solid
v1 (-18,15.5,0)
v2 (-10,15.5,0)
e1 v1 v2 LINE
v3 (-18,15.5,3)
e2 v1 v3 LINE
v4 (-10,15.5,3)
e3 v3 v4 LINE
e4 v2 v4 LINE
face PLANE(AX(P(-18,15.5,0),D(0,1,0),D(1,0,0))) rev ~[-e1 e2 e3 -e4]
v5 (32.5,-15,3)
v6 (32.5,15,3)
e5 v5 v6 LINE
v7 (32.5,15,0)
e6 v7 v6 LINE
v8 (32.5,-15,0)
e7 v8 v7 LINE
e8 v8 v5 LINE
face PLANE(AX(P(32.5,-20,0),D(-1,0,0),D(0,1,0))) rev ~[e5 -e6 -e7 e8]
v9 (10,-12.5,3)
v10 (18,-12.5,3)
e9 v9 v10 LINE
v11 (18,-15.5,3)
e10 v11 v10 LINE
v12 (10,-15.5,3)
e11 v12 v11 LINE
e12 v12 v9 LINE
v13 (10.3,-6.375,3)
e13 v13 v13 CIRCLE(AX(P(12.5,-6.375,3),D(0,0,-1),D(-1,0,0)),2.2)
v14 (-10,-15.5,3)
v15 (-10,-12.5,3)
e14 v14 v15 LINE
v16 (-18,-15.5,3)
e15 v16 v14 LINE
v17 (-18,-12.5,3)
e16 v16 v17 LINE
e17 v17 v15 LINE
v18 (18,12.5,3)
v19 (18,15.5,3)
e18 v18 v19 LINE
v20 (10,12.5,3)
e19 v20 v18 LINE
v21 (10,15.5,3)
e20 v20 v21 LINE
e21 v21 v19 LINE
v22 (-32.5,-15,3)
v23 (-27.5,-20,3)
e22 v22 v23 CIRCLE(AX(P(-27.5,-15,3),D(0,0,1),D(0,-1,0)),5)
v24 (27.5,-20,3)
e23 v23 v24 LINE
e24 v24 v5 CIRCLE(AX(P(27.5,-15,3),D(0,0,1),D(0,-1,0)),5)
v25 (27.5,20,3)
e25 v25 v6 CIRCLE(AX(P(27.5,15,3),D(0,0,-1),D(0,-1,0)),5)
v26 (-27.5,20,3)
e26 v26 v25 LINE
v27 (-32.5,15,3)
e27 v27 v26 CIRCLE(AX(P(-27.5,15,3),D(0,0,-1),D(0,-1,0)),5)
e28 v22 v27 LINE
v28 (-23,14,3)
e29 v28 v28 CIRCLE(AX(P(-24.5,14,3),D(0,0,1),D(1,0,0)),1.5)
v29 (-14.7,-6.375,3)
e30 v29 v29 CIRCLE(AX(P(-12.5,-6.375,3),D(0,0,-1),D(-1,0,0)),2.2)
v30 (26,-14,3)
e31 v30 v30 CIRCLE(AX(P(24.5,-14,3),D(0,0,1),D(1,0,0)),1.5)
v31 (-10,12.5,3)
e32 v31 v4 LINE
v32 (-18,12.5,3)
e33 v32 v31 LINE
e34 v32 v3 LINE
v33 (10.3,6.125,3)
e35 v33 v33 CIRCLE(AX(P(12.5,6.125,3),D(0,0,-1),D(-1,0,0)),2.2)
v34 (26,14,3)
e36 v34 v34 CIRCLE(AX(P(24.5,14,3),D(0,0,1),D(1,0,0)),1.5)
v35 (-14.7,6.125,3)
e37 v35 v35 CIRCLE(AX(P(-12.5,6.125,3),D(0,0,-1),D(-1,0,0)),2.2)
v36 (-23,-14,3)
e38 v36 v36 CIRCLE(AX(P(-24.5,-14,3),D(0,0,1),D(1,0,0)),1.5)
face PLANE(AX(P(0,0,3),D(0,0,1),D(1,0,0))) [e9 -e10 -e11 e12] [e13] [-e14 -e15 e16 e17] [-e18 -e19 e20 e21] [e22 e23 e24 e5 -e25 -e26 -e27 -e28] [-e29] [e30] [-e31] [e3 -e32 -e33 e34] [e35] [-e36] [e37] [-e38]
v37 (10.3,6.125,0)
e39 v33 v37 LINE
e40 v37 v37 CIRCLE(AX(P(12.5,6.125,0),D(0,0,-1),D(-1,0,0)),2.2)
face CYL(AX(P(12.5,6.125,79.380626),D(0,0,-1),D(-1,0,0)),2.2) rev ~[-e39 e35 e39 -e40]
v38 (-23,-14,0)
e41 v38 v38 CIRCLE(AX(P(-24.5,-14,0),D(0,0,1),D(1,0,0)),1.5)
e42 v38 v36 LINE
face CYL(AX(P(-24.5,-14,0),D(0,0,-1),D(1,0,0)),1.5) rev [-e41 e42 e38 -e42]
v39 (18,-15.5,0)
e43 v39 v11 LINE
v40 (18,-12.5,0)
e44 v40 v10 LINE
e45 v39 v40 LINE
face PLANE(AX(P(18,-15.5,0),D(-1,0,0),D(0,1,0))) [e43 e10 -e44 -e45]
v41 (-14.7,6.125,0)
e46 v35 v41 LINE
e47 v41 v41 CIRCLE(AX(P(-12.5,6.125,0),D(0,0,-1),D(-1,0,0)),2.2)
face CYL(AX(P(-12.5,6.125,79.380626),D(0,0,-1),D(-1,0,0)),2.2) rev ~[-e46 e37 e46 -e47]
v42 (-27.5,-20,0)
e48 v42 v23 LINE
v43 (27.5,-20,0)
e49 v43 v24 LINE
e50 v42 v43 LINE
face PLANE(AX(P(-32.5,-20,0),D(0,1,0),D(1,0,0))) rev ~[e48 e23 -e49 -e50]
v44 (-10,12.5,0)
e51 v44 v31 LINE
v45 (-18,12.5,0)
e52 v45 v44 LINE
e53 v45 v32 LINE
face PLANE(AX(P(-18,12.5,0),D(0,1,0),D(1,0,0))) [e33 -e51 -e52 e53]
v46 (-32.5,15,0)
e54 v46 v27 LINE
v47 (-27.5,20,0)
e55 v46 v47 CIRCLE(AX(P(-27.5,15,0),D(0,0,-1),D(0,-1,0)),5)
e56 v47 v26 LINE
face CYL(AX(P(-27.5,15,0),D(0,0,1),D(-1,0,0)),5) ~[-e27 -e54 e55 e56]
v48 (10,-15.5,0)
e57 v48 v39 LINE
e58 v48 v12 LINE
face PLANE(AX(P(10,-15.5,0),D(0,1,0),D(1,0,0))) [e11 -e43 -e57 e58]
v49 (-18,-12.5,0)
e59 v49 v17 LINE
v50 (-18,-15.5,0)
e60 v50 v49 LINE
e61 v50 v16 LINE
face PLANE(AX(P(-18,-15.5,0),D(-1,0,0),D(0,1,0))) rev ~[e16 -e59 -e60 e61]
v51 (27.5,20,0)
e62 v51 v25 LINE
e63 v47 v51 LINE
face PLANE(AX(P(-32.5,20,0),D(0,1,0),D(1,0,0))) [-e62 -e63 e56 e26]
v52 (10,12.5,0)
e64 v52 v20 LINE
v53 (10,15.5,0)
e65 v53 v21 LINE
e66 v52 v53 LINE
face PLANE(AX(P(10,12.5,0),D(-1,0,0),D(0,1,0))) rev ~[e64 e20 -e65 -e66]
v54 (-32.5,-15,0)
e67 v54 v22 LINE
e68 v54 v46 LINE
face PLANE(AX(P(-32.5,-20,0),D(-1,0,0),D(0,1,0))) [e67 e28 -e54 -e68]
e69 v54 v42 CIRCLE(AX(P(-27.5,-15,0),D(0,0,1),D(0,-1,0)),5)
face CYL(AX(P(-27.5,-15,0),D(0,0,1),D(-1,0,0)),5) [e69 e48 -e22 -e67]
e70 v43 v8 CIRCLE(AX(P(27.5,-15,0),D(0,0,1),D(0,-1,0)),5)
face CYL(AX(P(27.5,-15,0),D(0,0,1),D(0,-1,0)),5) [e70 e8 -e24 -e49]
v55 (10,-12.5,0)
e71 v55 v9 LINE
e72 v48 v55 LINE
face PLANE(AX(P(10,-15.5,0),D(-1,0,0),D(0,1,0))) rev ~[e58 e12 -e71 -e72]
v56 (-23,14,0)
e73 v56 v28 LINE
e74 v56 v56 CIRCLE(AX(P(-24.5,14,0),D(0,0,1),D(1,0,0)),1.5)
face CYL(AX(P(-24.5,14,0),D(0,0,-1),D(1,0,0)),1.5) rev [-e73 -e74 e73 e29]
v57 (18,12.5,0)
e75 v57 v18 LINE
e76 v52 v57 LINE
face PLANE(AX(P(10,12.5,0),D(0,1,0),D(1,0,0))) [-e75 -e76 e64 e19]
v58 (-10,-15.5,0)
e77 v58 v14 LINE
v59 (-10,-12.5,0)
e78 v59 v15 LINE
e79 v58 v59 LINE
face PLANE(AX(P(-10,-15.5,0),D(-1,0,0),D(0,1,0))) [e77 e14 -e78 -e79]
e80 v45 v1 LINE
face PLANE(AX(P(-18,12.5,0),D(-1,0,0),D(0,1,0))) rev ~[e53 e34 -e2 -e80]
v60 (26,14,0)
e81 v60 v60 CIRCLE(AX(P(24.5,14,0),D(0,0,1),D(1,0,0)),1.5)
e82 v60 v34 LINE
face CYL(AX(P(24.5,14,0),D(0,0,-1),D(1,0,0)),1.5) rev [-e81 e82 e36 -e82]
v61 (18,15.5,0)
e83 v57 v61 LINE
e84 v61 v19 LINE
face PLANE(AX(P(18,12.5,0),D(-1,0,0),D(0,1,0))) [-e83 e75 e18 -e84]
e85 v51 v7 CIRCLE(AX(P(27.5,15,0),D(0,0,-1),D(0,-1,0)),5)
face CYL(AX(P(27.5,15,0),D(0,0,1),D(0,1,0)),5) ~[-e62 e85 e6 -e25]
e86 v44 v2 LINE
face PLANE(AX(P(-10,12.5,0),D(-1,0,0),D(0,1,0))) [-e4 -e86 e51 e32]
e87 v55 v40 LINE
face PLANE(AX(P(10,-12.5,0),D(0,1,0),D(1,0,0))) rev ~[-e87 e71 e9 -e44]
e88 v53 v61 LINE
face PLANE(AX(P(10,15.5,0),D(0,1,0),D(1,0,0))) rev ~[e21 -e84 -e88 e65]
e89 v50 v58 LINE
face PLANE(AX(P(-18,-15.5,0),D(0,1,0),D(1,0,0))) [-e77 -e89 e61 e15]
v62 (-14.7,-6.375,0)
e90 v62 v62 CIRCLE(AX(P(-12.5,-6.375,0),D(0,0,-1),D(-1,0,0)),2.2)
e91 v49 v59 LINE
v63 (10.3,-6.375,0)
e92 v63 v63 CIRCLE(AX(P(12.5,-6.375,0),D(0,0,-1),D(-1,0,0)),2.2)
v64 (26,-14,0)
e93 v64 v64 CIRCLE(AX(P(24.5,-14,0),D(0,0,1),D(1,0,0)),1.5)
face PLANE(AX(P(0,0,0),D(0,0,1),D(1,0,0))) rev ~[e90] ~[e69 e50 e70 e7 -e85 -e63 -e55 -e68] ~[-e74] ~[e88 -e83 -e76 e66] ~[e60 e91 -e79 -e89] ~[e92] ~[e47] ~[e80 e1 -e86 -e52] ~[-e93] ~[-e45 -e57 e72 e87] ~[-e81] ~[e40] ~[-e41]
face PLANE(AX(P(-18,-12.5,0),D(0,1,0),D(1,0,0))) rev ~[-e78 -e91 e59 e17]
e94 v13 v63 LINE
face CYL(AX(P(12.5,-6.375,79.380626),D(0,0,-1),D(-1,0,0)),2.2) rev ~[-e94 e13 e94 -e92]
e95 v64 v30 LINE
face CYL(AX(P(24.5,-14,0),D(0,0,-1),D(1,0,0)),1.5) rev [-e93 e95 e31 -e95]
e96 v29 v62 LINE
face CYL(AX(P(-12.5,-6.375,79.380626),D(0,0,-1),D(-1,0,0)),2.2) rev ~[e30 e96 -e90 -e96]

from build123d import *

# Parameters (mm, degrees)
F1_W     = 65
F1_H     = 40
F1_R     = 1.5
F1_W_2   = 8
F1_H_2   = 3
F2_DEPTH = 3
F3_R     = 5
F5_D     = 4.4


with BuildPart() as f2:
    # F1 (on Top) → F2 (new body)
    with BuildSketch(Plane.XY):
        Rectangle(F1_W, F1_H)
        with Locations((-24.5, -14)):
            Circle(F1_R, mode=Mode.SUBTRACT)
        with Locations((-14, -14)):
            Rectangle(F1_W_2, F1_H_2, mode=Mode.SUBTRACT)
        with Locations((14, -14)):
            Rectangle(F1_W_2, F1_H_2, mode=Mode.SUBTRACT)
        with Locations((24.5, -14)):
            Circle(F1_R, mode=Mode.SUBTRACT)
        with Locations((-24.5, 14)):
            Circle(F1_R, mode=Mode.SUBTRACT)
        with Locations((-14, 14)):
            Rectangle(F1_W_2, F1_H_2, mode=Mode.SUBTRACT)
        with Locations((14, 14)):
            Rectangle(F1_W_2, F1_H_2, mode=Mode.SUBTRACT)
        with Locations((24.5, 14)):
            Circle(F1_R, mode=Mode.SUBTRACT)
    extrude(amount=F2_DEPTH)

    # F3
    f3_edges = [f2.edges().sort_by_distance(p)[0] for p in [
        (-32.5, -20, 1.5),
        (-32.5, 20, 1.5),
        (32.5, -20, 1.5),
        (32.5, 20, 1.5),
    ]]
    fillet(f3_edges, radius=F3_R)

    # F5 (through all)
    with Locations(Plane.XY.offset(3)):
        with Locations((-12.5, 6.125), (-12.5, -6.375), (12.5, 6.125), (12.5, -6.375)):
            Hole(F5_D / 2)


solid = f2.part
